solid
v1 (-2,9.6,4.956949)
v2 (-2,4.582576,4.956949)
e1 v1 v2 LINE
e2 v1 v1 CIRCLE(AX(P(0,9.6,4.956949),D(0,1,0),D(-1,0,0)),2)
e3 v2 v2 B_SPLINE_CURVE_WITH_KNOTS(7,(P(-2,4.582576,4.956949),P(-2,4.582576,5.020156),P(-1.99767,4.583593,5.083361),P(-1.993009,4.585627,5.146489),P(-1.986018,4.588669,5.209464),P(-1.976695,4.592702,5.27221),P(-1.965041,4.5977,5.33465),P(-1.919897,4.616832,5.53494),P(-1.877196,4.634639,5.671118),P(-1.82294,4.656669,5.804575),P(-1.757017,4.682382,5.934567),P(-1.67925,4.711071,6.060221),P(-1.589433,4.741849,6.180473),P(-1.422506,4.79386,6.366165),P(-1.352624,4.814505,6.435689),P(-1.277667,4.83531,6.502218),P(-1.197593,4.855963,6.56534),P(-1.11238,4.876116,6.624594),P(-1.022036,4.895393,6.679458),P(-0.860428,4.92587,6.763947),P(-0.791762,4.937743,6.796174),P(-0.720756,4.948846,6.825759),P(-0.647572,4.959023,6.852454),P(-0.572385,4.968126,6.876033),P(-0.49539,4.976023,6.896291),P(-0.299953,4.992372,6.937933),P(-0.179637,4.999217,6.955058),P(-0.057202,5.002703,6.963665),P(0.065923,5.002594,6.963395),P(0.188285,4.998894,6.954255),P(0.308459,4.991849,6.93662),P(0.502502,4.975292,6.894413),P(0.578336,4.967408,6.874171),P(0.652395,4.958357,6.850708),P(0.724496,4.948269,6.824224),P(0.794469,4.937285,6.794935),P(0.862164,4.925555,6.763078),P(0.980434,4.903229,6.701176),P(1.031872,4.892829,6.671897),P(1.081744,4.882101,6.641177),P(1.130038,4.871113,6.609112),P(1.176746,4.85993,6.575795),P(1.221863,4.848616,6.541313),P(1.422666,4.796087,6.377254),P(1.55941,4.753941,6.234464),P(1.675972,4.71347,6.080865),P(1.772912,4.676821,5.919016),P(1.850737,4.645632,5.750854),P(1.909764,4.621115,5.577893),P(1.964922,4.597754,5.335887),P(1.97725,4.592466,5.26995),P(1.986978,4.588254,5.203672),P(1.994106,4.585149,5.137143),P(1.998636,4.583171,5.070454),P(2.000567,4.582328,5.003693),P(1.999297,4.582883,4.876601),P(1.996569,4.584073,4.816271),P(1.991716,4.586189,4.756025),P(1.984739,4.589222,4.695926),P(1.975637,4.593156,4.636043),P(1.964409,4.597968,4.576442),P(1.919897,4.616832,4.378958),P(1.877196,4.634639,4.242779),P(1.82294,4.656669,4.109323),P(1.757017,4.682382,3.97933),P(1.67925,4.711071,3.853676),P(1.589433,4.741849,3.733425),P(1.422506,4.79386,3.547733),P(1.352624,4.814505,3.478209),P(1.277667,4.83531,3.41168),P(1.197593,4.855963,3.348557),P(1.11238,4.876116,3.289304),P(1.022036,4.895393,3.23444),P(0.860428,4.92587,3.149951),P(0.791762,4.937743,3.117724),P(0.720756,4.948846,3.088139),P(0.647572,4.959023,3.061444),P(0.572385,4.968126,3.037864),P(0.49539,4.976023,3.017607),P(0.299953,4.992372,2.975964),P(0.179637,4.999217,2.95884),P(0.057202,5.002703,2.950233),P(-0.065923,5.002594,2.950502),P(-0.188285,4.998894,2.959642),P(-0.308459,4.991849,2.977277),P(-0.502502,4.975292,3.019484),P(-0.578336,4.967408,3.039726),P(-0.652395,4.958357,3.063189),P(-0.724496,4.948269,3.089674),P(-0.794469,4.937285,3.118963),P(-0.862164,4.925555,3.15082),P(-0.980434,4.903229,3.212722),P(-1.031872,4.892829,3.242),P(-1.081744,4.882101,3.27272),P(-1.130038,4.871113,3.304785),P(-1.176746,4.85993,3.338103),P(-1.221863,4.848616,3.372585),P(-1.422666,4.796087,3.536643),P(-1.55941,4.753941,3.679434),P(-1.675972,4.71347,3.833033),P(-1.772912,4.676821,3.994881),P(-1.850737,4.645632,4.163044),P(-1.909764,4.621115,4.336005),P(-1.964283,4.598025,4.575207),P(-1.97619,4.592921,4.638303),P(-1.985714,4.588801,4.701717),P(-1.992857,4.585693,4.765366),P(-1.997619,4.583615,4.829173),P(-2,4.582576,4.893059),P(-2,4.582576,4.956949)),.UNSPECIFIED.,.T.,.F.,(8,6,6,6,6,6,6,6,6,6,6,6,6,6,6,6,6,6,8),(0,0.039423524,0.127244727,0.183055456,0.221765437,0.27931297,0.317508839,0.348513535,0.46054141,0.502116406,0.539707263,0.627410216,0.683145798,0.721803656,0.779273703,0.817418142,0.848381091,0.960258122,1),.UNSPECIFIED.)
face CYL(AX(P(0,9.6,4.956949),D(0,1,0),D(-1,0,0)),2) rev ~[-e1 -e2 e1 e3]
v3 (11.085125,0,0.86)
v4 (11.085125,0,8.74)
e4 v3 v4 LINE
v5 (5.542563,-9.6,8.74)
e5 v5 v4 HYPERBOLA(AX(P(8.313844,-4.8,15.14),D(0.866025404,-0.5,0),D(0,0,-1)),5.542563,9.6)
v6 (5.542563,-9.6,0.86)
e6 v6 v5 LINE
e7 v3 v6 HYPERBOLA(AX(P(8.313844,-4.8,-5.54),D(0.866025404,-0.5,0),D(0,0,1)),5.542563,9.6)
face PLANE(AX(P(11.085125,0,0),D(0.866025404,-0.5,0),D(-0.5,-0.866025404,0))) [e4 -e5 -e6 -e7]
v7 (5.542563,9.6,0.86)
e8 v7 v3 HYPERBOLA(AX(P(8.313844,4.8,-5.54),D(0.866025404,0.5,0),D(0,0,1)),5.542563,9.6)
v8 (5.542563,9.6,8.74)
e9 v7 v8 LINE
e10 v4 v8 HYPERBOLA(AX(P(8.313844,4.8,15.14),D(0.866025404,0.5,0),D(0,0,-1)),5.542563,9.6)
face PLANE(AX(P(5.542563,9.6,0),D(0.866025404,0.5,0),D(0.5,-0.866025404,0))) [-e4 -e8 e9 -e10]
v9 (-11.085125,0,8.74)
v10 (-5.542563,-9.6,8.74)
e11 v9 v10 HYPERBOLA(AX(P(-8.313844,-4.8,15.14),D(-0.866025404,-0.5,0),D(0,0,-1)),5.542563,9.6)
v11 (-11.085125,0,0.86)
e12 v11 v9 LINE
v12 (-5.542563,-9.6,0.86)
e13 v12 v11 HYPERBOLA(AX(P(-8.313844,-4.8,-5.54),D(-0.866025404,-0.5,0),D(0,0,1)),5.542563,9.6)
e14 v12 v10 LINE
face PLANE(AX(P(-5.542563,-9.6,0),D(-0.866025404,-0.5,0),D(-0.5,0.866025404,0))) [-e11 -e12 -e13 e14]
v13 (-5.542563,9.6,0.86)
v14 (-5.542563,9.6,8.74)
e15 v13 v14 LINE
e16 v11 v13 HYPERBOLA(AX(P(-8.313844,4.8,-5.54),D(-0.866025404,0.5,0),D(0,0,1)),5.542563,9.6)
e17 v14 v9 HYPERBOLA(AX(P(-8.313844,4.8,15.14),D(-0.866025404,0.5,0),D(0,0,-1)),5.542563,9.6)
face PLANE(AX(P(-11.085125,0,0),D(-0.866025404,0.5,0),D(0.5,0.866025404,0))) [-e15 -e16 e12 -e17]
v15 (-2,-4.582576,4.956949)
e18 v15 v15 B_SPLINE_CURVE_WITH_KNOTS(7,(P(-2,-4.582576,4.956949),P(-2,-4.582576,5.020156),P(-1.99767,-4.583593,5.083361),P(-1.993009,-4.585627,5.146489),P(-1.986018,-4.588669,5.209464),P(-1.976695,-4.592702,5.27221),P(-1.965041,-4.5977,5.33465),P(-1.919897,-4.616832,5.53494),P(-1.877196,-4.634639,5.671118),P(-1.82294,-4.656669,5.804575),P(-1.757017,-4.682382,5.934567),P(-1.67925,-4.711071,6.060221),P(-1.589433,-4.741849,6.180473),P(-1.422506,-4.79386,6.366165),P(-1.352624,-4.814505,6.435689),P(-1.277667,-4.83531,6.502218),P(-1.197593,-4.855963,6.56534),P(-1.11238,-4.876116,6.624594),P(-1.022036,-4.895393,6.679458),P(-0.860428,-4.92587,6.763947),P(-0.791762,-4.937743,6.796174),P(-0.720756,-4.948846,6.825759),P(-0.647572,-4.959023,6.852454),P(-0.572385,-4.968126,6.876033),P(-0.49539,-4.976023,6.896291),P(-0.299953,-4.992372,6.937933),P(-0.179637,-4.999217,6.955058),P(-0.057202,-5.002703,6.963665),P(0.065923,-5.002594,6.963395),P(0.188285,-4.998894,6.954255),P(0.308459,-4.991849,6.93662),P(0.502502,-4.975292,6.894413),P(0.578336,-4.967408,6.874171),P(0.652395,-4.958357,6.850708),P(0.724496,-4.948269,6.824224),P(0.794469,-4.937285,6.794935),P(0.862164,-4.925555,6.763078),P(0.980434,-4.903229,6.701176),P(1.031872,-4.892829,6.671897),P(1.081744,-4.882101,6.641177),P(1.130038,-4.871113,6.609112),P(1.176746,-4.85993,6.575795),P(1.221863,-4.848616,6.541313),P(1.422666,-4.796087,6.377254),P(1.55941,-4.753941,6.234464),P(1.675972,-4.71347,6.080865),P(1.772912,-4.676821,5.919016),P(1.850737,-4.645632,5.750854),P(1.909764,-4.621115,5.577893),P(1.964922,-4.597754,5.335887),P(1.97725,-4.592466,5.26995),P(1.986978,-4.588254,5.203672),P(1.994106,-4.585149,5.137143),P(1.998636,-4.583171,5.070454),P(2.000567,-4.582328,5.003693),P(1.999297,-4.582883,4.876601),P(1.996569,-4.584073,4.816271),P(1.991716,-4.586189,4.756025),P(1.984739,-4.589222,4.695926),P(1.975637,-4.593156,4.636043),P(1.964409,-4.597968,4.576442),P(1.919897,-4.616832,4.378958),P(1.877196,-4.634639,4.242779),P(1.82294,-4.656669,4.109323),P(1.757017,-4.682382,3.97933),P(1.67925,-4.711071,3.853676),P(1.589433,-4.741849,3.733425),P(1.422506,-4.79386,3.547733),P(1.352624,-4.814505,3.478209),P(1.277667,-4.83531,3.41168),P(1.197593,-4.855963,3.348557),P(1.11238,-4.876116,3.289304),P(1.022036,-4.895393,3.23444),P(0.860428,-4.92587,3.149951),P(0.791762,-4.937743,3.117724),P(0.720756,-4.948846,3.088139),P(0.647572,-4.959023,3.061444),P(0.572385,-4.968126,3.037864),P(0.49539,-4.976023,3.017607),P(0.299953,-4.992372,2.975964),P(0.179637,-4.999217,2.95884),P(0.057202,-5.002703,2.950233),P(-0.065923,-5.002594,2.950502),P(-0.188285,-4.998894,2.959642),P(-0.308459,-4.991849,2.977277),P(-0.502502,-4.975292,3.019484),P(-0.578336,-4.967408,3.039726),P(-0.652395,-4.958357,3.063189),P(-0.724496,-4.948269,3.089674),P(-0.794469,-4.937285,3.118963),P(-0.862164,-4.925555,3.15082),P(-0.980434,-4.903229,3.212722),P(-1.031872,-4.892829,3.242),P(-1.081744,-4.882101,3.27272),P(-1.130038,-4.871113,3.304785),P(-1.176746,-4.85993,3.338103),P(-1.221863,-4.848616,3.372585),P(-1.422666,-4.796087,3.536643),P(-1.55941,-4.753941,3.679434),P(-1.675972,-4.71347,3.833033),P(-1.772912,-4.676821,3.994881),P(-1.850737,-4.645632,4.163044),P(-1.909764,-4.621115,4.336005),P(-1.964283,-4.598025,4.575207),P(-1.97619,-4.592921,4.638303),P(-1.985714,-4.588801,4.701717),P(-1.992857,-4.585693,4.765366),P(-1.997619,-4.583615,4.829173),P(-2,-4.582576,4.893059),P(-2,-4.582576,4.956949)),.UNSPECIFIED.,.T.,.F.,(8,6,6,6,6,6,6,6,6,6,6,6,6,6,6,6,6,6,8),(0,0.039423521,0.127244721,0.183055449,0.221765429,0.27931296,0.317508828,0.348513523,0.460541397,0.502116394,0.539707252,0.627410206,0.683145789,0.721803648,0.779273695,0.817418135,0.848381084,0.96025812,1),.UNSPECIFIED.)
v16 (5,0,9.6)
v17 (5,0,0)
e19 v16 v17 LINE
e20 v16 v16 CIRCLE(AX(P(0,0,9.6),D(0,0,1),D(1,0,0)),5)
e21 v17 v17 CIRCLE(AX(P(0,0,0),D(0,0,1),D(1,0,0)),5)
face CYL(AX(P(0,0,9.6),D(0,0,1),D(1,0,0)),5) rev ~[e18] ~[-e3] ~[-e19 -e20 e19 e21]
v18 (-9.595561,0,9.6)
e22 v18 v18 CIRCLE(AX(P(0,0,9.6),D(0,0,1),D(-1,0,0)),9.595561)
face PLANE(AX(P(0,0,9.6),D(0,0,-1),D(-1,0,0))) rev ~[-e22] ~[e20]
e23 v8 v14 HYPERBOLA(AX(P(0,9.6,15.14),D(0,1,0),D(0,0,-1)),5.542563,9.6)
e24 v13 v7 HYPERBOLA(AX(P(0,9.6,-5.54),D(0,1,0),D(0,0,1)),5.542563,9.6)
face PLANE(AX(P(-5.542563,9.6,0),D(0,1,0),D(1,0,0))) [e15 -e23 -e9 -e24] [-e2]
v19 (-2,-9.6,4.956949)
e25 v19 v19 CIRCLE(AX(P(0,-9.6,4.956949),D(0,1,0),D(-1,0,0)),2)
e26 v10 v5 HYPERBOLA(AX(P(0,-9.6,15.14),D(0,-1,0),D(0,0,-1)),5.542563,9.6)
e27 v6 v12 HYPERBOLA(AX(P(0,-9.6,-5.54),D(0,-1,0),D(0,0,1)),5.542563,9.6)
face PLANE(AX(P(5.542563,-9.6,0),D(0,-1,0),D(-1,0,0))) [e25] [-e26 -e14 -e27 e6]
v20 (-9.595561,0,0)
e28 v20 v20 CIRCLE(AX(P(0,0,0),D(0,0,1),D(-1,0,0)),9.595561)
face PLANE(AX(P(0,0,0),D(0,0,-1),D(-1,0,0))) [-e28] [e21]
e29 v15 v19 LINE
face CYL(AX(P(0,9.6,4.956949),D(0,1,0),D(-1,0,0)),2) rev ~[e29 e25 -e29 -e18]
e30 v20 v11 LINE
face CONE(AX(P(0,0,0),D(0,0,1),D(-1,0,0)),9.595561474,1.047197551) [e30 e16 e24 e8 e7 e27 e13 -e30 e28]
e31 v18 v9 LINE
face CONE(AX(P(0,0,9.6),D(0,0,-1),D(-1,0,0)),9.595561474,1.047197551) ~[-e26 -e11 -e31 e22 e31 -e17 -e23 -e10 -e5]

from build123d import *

# Parameters (mm, degrees)
BASE_EXTRUSION_DEPTH    = 9.6
ESQUISSE2_R             = 5
ENL_V_MAT_EXTRU_1_DEPTH = 10.6
ESQUISSE4_R             = 2
ENL_V_MAT_EXTRU_2_DEPTH = 20.2


with BuildPart() as part:
    # Esquisse1 → Base-Extrusion (new body)
    with BuildSketch(Plane.XY):
        Polygon((-11.085125168, 0), (-5.542562584, 9.6), (5.542562584, 9.6), (11.085125168, 0), (5.542562584, -9.6), (-5.542562584, -9.6), align=None)
    extrude(amount=BASE_EXTRUSION_DEPTH)

    # Esquisse2 → Enl_v. mat.-Extru.1 (cut, through all)
    with BuildSketch(Plane.XY.offset(9.6)):
        Circle(ESQUISSE2_R)
    extrude(amount=-ENL_V_MAT_EXTRU_1_DEPTH, mode=Mode.SUBTRACT)

    # Esquisse4 → Enl_v. mat.-Extru.2 (cut, through all)
    with BuildSketch(Plane(origin=(0, 9.6, 0), x_dir=(-1, 0, 0), z_dir=(0, 1, 0))):
        with Locations((0, 4.956948818)):
            Circle(ESQUISSE4_R)
    extrude(amount=-ENL_V_MAT_EXTRU_2_DEPTH, mode=Mode.SUBTRACT)

    # Esquisse6 → Enl_vement de mati_re-R_volution2 (revolve, cut)
    with BuildSketch(Plane(origin=(0, 0, 0), x_dir=(1, 0, 0), z_dir=(0, 1, 0))):
        Polygon((-11.085125168, 0), (-9.595561474, 0), (-11.085125168, -0.86), align=None)
        Polygon((-11.085125168, -8.74), (-11.085125168, -9.6), (-9.595561474, -9.6), align=None)
    revolve(axis=Axis((0, 0, 0), (0, 0, 1)), mode=Mode.SUBTRACT)


solid = part.part
